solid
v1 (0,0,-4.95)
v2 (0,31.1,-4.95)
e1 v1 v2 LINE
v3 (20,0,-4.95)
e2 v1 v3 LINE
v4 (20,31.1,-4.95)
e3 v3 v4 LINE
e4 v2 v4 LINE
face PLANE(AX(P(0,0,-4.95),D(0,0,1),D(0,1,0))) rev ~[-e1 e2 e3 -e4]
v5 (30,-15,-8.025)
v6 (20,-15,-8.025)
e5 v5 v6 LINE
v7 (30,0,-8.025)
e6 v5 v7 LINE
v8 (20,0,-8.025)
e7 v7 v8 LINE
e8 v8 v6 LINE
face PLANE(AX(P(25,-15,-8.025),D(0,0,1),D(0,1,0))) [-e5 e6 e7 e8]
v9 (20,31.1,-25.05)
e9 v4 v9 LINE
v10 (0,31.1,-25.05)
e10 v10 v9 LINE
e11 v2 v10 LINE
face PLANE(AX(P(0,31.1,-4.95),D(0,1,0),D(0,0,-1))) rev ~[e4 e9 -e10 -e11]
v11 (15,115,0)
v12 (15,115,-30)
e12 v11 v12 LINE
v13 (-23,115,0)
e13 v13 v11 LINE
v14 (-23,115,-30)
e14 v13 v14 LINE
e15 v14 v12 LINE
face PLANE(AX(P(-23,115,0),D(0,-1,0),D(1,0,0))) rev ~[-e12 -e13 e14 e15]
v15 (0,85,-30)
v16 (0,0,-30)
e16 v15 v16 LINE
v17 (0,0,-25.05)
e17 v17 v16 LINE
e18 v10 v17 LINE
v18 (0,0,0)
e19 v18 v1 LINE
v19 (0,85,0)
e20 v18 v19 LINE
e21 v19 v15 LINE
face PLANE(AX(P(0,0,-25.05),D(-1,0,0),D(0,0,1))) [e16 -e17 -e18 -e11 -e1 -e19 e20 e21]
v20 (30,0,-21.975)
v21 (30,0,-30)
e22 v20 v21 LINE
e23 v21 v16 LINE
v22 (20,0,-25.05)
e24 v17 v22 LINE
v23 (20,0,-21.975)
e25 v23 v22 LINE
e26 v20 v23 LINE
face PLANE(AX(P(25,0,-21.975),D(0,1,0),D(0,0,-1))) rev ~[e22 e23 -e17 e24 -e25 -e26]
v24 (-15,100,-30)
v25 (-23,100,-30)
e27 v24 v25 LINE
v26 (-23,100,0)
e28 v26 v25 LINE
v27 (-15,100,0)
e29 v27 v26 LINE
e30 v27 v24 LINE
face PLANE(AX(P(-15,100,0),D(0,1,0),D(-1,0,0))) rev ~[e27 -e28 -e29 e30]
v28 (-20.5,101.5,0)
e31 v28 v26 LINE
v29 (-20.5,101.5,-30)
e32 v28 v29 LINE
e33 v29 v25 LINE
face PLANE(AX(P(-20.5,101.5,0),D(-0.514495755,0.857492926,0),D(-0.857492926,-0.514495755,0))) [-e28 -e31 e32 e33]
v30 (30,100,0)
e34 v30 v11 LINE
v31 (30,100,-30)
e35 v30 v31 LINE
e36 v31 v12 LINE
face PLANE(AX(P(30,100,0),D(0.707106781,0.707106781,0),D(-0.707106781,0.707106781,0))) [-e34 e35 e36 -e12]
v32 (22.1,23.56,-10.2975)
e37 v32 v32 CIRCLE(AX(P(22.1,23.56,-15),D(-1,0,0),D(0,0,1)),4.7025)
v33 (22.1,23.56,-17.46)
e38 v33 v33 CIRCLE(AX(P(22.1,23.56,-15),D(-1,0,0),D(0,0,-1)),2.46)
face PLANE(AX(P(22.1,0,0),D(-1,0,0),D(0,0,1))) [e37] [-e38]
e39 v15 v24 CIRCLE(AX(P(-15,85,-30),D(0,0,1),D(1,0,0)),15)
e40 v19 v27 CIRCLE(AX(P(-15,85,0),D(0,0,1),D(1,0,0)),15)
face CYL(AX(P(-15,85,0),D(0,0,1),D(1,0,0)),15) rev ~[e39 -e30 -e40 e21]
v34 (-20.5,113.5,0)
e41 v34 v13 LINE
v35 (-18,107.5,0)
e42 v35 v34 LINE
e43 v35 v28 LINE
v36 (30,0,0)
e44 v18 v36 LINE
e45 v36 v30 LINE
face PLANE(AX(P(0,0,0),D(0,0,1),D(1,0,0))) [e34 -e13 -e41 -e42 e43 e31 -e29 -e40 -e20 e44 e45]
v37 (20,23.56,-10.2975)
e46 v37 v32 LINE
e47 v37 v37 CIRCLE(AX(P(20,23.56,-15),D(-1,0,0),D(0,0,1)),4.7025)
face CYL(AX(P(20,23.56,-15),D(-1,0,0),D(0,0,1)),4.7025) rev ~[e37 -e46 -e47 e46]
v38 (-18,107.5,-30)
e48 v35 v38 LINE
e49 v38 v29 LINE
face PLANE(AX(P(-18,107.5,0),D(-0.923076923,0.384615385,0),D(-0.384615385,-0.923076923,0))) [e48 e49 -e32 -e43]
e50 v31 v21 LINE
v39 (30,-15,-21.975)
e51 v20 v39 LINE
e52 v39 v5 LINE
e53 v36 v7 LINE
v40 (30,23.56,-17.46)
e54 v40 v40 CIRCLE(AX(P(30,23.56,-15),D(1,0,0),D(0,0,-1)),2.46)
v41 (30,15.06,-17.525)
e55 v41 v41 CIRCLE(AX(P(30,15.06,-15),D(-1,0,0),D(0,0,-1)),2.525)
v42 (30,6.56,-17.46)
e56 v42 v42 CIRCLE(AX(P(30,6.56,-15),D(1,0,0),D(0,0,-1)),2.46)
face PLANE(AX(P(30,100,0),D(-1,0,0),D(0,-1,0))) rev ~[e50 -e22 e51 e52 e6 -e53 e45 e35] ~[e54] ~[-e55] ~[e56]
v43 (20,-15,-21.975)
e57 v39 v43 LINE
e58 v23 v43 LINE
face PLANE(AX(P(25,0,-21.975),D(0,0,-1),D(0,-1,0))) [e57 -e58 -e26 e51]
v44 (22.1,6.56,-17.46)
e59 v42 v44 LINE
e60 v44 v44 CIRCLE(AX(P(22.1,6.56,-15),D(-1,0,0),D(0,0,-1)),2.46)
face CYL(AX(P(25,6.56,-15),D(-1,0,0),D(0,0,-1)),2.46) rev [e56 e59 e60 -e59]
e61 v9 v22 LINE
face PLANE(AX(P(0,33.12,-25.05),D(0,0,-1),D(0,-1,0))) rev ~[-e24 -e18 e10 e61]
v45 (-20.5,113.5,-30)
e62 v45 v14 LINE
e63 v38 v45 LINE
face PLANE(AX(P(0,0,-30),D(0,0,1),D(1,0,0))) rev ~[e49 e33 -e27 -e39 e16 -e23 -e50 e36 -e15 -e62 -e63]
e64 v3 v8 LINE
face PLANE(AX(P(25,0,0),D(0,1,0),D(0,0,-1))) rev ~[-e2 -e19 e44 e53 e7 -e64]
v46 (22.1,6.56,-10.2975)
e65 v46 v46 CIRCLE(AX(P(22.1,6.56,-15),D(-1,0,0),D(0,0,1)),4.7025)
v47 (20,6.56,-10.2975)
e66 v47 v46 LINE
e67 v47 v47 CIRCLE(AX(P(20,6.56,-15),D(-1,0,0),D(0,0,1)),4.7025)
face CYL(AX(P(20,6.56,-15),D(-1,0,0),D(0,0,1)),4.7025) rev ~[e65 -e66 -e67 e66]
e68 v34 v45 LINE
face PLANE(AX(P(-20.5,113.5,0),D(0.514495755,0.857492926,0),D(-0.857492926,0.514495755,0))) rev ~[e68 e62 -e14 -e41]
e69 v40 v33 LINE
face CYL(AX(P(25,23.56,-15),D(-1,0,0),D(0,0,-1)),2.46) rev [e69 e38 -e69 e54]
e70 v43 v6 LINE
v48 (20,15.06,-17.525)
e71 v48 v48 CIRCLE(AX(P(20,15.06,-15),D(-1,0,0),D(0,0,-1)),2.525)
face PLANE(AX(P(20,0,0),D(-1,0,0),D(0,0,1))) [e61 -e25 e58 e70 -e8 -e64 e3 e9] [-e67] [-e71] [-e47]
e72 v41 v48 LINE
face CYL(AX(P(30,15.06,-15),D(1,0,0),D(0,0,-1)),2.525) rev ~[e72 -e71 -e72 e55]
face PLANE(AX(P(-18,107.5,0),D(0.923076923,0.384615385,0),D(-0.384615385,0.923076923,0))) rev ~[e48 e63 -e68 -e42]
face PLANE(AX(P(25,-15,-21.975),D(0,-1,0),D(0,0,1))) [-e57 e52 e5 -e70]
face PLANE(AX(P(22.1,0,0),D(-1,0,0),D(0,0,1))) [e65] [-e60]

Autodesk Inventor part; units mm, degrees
ref_plane "YZ Plane" through (0, 0, 0) normal (1, 0, 0) x (0, 1, 0)
ref_plane "XZ Plane" through (0, 0, 0) normal (0, 1, 0) x (-1, 0, 0)
ref_plane "XY Plane" through (0, 0, 0) normal (0, 0, 1) x (1, 0, 0)
sketch "Sketch1" plane through (0, 0, 0) normal (0, 0, 1) x (1, 0, 0)
  line L0 (0, 0) -> (25, 0)
  line L1 (25, 0) -> (25, 40)
  line L2 (25, 40) -> (0, 40)
  line L3 (0, 40) -> (0, 0)
  dimension "d1" = 25
  dimension "d2" = 40
  dimension "d3" = 25
extrude "Extrusion1" add sketch "Sketch1" against normal blind 30
sketch "Sketch2" plane through (25, 0, 0) normal (1, 0, 0) x (0, 0, -1)
  line L0 (0, 0) -> (30, 0) projected
  circle A0 centre (15, 6.56) radius 2.46
extrude "Extrusion2" cut sketch "Sketch2" against normal blind 30
sketch "Sketch3" plane through (0, 0, 0) normal (-1, 0, 0) x (0, 0, 1)
  line L0 (0, 0) -> (-30, 0) projected
  line L1 (-25.05, 0) -> (-4.95, 0)
  line L2 (-4.95, 0) -> (-4.95, 33.12)
  line L3 (-4.95, 33.12) -> (-25.05, 33.12)
  line L4 (-25.05, 33.12) -> (-25.05, 0)
  dimension "d11" = 20.1
extrude "Extrusion3" cut sketch "Sketch3" against normal blind 20
sketch "Sketch4" plane through (0, 0, 0) normal (0, -1, 0) x (1, 0, 0)
  line L0 (20, -4.95) -> (20, -25.05) projected
  line L1 (20, -15) -> (25, -15)
  line L2 (25, 0) -> (25, -30) projected
  line L3 (20, -8.025) -> (25, -8.025)
  line L4 (25, -8.025) -> (25, -21.975)
  line L5 (25, -21.975) -> (20, -21.975)
  line L6 (20, -21.975) -> (20, -8.025)
  line L7 (20, -8.025) -> (25, -21.975) construction
  line L8 (25, -8.025) -> (20, -21.975) construction
  line L9 (25, -12.54) -> (25, -17.46) projected
  point P0 (0, 0)
  point P1 (22.5, -15)
  dimension "d14" = 13.95
extrude "Extrusion4" add sketch "Sketch4" along normal blind 15
sketch "Sketch5" plane through (20, 0, 0) normal (-1, 0, 0) x (0, 0, 1)
  circle A0 centre (-15, 6.56) radius 2.46 projected
  circle A1 centre (-15, 6.56) radius 4.7025
  circle A2 centre (-15, 6.56) radius 2.46 projected
  circle A3 centre (-15, 6.56) radius 2.46
  point P0 (0, 0)
  dimension "d17" = 9.405
extrude "Extrusion5" cut sketch "Sketch5" against normal blind 2.1
sketch "Sketch6" plane through (25, 0, 0) normal (1, 0, 0) x (0, 0, -1)
  circle A0 centre (15, 6.56) radius 4.7025 projected
  line L0 (15, 6.56) -> (15, 23.56)
  circle A1 centre (15, 23.56) radius 2.46
  point P0 (0, 0)
  dimension "d20" = 17
  dimension "d21" = 4.92
extrude "Extrusion6" cut sketch "Sketch6" against normal blind 10 contours A1
sketch "Sketch7" plane through (20, 0, 0) normal (-1, 0, 0) x (0, 0, 1)
  circle A0 centre (-15, 23.56) radius 2.46 projected
  circle A1 centre (-15, 23.56) radius 4.7025
  point P0 (0, 0)
  dimension "d24" = 9.405
extrude "Extrusion7" cut sketch "Sketch7" against normal blind 2.1
sketch "Sketch9" plane through (25, 0, 0) normal (1, 0, 0) x (0, 0, -1)
  circle A0 centre (15, 6.56) radius 2.46 projected
  circle A1 centre (15, 6.56) radius 2.46
  circle A2 centre (15, 23.56) radius 2.46 projected
  circle A3 centre (15, 23.56) radius 2.46
  line L0 (30, 40) -> (30, 0) projected
  line L1 (30, 0) -> (30, 40)
  line L2 (30, 40) -> (0, 40)
  line L3 (0, 40) -> (0, 0)
  line L4 (0, 0) -> (8.025, 0) projected
  line L5 (21.975, 0) -> (21.975, -15)
  line L6 (21.975, -15) -> (8.025, -15)
  line L7 (8.025, -15) -> (8.025, 0)
  line L8 (0, 0) -> (8.025, 0)
  line L9 (21.975, 0) -> (30, 0)
extrude "Extrusion8" add sketch "Sketch9" along normal blind 5
sketch "Sketch10" plane through (0, 40, 0) normal (0, 1, 0) x (1, 0, 0)
  line L0 (0, 30) -> (30, 30) projected
  line L1 (30, 0) -> (0, 0) projected
  line L2 (0, 30) -> (30, 30)
  line L3 (30, 30) -> (30, 0)
  line L4 (30, 0) -> (0, 0)
  line L5 (0, 0) -> (0, 30)
extrude "Extrusion9" add sketch "Sketch10" along normal blind 30
sketch "Sketch12" plane through (30, 0, 0) normal (1, 0, 0) x (0, 0, -1)
  circle A0 centre (15, 6.56) radius 2.46 projected
  line L0 (15, 6.56) -> (15, 15.06)
  circle A1 centre (15, 15.06) radius 2.525
  point P0 (0, 0)
  dimension "d31" = 8.5
  dimension "d33" = 5.05
extrude "Extrusion10" cut sketch "Sketch12" against normal blind 30 contours A1
sketch "Sketch14" plane through (0, 0, 0) normal (0, 0, 1) x (1, 0, 0)
  line L0 (30, 70) -> (0, 70) projected
  line L1 (0, 70) -> (0, 85)
  line L2 (-15, 100) -> (-23, 100)
  line L3 (30, 100) -> (15, 115)
  line L4 (-23, 115) -> (15, 115)
  line L5 (30, 0) -> (30, 70) projected
  line L6 (30, 100) -> (30, 70)
  line L7 (-20.5, 113.5) -> (-23, 115)
  line L8 (-20.5, 101.5) -> (-23, 100)
  line L9 (-18, 107.5) -> (-20.5, 101.5)
  line L10 (-18, 107.5) -> (-20.5, 113.5)
  arc A0 (0, 85) -> (-15, 100) centre (-15, 85) ccw
  point P0 (0, 0)
  point P1 (0, 100)
  dimension "d47" = 30
  dimension "d49" = 15
  dimension "d54" = 15
extrude "Extrusion12" add sketch "Sketch14" against normal blind 30
sketch "Sketch15" plane through (0, 0, -25.05) normal (-1, 0, 0) x (0, 0, 1)
  line L0 (0, 33.12) -> (20.1, 33.12) projected
  line L1 (20.1, 33.12) -> (20.1, 0) projected
  line L2 (0, 33.12) -> (20.1, 33.12)
  line L3 (20.1, 33.12) -> (20.1, 31.1)
  line L4 (20.1, 31.1) -> (0, 31.1)
  line L5 (0, 31.1) -> (0, 33.12)
  point P0 (25.05, 0)
  dimension "d57" = 2.02
extrude "Extrusion13" add sketch "Sketch15" against normal blind 20
properties part number "10mm_x_30mm"
